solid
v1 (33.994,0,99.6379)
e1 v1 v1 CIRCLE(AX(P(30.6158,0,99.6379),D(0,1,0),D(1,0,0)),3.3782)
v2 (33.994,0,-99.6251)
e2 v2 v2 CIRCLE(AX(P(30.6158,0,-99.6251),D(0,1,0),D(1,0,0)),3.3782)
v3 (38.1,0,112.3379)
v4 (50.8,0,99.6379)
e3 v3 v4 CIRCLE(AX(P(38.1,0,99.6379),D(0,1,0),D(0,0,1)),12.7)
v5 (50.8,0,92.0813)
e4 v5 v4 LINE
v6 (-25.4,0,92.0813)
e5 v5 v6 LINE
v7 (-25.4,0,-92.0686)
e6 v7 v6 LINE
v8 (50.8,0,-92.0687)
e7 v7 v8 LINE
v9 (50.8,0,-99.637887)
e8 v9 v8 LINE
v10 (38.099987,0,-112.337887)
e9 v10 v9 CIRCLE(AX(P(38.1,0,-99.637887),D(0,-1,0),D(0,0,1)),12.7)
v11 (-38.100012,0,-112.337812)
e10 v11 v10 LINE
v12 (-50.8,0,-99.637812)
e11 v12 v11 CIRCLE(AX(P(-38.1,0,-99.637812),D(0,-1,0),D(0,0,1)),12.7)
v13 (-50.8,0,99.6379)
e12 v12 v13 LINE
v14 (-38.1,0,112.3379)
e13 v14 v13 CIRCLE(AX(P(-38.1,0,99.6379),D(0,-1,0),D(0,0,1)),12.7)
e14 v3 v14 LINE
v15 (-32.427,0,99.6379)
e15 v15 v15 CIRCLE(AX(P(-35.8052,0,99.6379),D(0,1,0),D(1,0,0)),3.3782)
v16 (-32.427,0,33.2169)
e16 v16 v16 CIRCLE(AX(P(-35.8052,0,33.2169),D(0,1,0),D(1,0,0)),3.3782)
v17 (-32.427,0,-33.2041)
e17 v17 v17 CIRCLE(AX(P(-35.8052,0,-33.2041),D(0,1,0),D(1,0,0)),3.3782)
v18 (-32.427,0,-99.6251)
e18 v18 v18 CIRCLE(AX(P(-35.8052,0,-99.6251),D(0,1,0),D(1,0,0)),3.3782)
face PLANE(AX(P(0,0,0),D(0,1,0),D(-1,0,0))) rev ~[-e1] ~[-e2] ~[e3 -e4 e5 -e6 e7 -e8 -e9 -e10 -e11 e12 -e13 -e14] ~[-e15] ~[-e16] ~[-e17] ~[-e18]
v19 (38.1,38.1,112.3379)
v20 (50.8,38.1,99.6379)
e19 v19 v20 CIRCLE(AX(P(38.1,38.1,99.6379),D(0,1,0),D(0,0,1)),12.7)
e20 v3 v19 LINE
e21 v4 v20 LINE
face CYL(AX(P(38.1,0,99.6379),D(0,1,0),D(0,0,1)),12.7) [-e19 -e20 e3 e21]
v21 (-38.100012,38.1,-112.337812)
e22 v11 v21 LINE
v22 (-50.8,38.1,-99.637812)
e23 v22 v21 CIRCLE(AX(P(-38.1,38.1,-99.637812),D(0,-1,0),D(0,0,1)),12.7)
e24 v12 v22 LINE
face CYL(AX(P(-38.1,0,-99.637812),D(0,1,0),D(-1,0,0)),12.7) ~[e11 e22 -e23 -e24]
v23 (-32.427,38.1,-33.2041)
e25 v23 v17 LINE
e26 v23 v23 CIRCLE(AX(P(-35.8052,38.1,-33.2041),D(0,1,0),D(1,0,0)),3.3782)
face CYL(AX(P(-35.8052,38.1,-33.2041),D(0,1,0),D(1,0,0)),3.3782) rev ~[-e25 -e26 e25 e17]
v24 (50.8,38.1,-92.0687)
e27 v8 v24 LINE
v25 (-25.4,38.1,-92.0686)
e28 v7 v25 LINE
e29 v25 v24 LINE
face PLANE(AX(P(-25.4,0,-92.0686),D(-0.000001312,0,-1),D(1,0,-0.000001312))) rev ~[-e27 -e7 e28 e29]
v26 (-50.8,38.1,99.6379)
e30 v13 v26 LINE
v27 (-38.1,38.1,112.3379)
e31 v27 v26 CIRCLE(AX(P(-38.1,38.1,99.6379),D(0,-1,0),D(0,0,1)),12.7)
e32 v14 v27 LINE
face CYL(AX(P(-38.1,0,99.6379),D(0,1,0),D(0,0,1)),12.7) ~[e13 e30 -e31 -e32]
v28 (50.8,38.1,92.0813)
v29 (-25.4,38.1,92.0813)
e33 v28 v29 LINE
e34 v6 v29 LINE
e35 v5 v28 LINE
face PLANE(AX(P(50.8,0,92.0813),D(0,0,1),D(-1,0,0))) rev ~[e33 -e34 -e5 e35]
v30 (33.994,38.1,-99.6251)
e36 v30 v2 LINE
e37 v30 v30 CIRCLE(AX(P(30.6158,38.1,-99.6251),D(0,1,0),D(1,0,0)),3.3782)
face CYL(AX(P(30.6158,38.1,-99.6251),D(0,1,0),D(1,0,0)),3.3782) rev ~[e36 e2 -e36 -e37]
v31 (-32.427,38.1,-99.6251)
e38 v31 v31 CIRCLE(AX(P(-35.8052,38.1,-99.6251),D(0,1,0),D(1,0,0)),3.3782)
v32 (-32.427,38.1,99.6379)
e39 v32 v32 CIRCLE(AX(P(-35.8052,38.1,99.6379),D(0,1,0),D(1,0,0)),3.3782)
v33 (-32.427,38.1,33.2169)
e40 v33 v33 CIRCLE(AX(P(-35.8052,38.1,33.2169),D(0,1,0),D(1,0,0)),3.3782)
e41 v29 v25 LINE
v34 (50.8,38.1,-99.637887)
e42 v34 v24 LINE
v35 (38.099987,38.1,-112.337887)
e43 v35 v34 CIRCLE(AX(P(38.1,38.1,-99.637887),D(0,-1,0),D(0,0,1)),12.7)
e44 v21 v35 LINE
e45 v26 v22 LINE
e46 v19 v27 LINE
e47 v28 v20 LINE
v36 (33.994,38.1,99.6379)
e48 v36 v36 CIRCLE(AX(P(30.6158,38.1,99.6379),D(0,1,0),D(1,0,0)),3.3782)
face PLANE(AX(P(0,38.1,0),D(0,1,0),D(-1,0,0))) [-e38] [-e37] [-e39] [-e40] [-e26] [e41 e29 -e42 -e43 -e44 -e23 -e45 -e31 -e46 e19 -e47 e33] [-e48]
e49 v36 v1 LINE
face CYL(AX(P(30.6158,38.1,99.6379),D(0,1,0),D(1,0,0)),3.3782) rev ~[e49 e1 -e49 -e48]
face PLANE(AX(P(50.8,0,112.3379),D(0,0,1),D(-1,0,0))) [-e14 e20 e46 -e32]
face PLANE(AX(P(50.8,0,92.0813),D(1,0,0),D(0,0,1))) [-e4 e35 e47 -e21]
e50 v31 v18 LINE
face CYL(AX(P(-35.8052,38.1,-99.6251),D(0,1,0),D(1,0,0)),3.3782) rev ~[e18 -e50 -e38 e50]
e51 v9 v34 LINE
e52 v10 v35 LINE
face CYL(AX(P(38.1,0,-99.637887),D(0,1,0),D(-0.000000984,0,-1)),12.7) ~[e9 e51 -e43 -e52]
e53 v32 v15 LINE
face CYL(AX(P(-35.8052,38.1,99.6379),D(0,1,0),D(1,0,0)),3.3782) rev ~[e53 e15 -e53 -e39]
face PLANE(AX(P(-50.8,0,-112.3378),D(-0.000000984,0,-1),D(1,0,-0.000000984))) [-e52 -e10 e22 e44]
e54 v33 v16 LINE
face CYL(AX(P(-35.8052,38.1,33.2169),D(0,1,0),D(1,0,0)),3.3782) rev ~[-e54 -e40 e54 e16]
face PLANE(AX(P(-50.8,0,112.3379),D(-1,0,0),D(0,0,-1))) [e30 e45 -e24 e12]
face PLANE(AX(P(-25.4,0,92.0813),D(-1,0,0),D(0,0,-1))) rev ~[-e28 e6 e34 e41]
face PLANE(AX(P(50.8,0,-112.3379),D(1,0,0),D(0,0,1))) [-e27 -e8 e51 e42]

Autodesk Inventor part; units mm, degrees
ref_plane "YZ Plane" through (0, 0, 0) normal (1, 0, 0) x (0, 1, 0)
ref_plane "XZ Plane" through (0, 0, 0) normal (0, 1, 0) x (-1, 0, 0)
ref_plane "XY Plane" through (0, 0, 0) normal (0, 0, 1) x (1, 0, 0)
sketch "Sketch1" plane through (0, 0, 0) normal (0, 1, 0) x (-1, 0, 0)
  line L0 (-50.8, 112.3379) -> (50.8, 112.3379)
  line L1 (50.8, 112.3379) -> (50.8, -112.3378)
  line L2 (50.8, -112.3378) -> (-50.8, -112.3379)
  line L3 (-50.8, -112.3379) -> (-50.8, 112.3379)
  line L4 (-50.8, 112.3379) -> (50.8, -112.3378) construction
  line L5 (50.8, 112.3379) -> (-50.8, -112.3379) construction
  line L6 (-50.8, 92.0813) -> (25.4, 92.0813)
  line L7 (25.4, 92.0813) -> (25.4, -92.0686)
  line L8 (25.4, -92.0686) -> (-50.8, -92.0687)
  line L9 (0, 0) -> (56.1136, 0) construction
  line L10 (76.673, 0) -> (-65.4748, 0)
  line L11 (-31.0246, 99.6379) -> (-31.0246, 0.0063) construction
  line L12 (-31.0246, 0.0063) -> (34.0182, 0.0063) construction
  point P0 (25.4, 0.0063)
  point P1 (-31.0246, -99.6379)
  dimension "d0" = 101.6
  dimension "d56" = 184.15
  dimension "d57" = 76.2
  dimension "d58" = 76.2
  dimension "d60" = 12.7
  dimension "d61" = 12.7
  dimension "d62" = 99.6315
  dimension "d63" = 0
  dimension "d64" = 7.5692
extrude "Extrusion1" add sketch "Sketch1" along normal blind 38.1 contours L0 L1 L10 L7 L6 L3 | L1 L2 L3 L8 L7 L10
fillet "Fillet1" radius 12.7 4 edges at (50.8, 19.05, 112.3379) (-50.8, 19.05, 112.3379) (-50.8, 19.05, -112.3378) (50.8, 19.05, -112.3379)
sketch "Sketch2" plane through (0, 38.1, 0) normal (0, 1, 0) x (1, 0, 0)
  line L0 (-38.1, -112.3379) -> (38.1, -112.3379) projected
  circle A0 centre (-35.8052, -99.6379) radius 3.3782
  line L1 (-35.8052, -99.6379) -> (-35.8052, 103.5621) construction
  line L2 (-35.8052, -99.6379) -> (40.3948, -99.6379) construction
  line L3 (-35.8052, 103.5621) -> (40.3948, 103.5621) construction
  circle A1 centre (-35.8052, -86.3537) radius 3.3782 construction
  line L4 (-39.1834, -96.2597) -> (-30.0963, -96.2597) construction
  circle A2 centre (-35.8052, -73.0695) radius 3.3782 construction
  circle A3 centre (-35.8052, -59.7853) radius 3.3782 construction
  circle A4 centre (-35.8052, -46.5011) radius 3.3782 construction
  circle A5 centre (-35.8052, -33.2169) radius 3.3782 construction
  circle A6 centre (-35.8052, -19.9327) radius 3.3782 construction
  circle A7 centre (-35.8052, -6.6485) radius 3.3782 construction
  circle A8 centre (-35.8052, 6.6357) radius 3.3782 construction
  circle A9 centre (-35.8052, 19.9199) radius 3.3782 construction
  circle A10 centre (-35.8052, 33.2041) radius 3.3782 construction
  circle A11 centre (-35.8052, 46.4883) radius 3.3782 construction
  circle A12 centre (-35.8052, 59.7725) radius 3.3782 construction
  circle A13 centre (-35.8052, 73.0567) radius 3.3782 construction
  circle A14 centre (-35.8052, 86.3409) radius 3.3782 construction
  circle A15 centre (-35.8052, 99.6251) radius 3.3782 construction
  circle A16 centre (-22.521, -99.6379) radius 3.3782 construction
  circle A17 centre (-9.2368, -99.6379) radius 3.3782 construction
  circle A18 centre (4.0474, -99.6379) radius 3.3782 construction
  circle A19 centre (17.3316, -99.6379) radius 3.3782 construction
  circle A20 centre (30.6158, -99.6379) radius 3.3782 construction
  circle A21 centre (43.9, -99.6379) radius 3.3782 construction
  circle A22 centre (30.6158, 99.6251) radius 3.3782 construction
  circle A23 centre (30.6158, -99.6379) radius 3.3782 construction
  circle A24 centre (-35.8052, 99.6251) radius 3.3782 construction
  circle A25 centre (-35.8052, 33.2041) radius 3.3782 construction
  circle A26 centre (-35.8052, -33.2169) radius 3.3782 construction
  circle A27 centre (-35.8052, -33.2169) radius 3.3782
  circle A28 centre (-35.8052, 33.2041) radius 3.3782
  circle A29 centre (-35.8052, 99.6251) radius 3.3782
  circle A30 centre (30.6158, 99.6251) radius 3.3782
  circle A31 centre (30.6158, -99.6379) radius 3.3782
  point P0 (0, 0)
  point P1 (-35.8052, -23.4379)
  point P2 (-35.8052, 27.3621)
  dimension "d8" = 12.7
  dimension "d9" = 76.2
  dimension "d10" = 127
  dimension "d11" = 203.2
  dimension "d12" = 76.2
  dimension "d13" = 6.7564
  dimension "d22" = 13.2842
  dimension "d25" = 13.2842
  dimension "d30" = 13.2842
  dimension "d33" = 13.2842
  dimension "d38" = 6.7564
  dimension "d39" = 6.7564
  dimension "d40" = 6.7564
  dimension "d41" = 6.7564
  dimension "d42" = 6.7564
  dimension "d43" = 6.7564
  dimension "d44" = 6.7564
  dimension "d45" = 6.7564
  dimension "d46" = 6.7564
extrude "Extrusion4" cut sketch "Sketch2" against normal through all
equation "\"d25\" = d22"
equation "\"d30\" = d22"
equation "\"d33\" = d22"
properties part number "FBH!"
